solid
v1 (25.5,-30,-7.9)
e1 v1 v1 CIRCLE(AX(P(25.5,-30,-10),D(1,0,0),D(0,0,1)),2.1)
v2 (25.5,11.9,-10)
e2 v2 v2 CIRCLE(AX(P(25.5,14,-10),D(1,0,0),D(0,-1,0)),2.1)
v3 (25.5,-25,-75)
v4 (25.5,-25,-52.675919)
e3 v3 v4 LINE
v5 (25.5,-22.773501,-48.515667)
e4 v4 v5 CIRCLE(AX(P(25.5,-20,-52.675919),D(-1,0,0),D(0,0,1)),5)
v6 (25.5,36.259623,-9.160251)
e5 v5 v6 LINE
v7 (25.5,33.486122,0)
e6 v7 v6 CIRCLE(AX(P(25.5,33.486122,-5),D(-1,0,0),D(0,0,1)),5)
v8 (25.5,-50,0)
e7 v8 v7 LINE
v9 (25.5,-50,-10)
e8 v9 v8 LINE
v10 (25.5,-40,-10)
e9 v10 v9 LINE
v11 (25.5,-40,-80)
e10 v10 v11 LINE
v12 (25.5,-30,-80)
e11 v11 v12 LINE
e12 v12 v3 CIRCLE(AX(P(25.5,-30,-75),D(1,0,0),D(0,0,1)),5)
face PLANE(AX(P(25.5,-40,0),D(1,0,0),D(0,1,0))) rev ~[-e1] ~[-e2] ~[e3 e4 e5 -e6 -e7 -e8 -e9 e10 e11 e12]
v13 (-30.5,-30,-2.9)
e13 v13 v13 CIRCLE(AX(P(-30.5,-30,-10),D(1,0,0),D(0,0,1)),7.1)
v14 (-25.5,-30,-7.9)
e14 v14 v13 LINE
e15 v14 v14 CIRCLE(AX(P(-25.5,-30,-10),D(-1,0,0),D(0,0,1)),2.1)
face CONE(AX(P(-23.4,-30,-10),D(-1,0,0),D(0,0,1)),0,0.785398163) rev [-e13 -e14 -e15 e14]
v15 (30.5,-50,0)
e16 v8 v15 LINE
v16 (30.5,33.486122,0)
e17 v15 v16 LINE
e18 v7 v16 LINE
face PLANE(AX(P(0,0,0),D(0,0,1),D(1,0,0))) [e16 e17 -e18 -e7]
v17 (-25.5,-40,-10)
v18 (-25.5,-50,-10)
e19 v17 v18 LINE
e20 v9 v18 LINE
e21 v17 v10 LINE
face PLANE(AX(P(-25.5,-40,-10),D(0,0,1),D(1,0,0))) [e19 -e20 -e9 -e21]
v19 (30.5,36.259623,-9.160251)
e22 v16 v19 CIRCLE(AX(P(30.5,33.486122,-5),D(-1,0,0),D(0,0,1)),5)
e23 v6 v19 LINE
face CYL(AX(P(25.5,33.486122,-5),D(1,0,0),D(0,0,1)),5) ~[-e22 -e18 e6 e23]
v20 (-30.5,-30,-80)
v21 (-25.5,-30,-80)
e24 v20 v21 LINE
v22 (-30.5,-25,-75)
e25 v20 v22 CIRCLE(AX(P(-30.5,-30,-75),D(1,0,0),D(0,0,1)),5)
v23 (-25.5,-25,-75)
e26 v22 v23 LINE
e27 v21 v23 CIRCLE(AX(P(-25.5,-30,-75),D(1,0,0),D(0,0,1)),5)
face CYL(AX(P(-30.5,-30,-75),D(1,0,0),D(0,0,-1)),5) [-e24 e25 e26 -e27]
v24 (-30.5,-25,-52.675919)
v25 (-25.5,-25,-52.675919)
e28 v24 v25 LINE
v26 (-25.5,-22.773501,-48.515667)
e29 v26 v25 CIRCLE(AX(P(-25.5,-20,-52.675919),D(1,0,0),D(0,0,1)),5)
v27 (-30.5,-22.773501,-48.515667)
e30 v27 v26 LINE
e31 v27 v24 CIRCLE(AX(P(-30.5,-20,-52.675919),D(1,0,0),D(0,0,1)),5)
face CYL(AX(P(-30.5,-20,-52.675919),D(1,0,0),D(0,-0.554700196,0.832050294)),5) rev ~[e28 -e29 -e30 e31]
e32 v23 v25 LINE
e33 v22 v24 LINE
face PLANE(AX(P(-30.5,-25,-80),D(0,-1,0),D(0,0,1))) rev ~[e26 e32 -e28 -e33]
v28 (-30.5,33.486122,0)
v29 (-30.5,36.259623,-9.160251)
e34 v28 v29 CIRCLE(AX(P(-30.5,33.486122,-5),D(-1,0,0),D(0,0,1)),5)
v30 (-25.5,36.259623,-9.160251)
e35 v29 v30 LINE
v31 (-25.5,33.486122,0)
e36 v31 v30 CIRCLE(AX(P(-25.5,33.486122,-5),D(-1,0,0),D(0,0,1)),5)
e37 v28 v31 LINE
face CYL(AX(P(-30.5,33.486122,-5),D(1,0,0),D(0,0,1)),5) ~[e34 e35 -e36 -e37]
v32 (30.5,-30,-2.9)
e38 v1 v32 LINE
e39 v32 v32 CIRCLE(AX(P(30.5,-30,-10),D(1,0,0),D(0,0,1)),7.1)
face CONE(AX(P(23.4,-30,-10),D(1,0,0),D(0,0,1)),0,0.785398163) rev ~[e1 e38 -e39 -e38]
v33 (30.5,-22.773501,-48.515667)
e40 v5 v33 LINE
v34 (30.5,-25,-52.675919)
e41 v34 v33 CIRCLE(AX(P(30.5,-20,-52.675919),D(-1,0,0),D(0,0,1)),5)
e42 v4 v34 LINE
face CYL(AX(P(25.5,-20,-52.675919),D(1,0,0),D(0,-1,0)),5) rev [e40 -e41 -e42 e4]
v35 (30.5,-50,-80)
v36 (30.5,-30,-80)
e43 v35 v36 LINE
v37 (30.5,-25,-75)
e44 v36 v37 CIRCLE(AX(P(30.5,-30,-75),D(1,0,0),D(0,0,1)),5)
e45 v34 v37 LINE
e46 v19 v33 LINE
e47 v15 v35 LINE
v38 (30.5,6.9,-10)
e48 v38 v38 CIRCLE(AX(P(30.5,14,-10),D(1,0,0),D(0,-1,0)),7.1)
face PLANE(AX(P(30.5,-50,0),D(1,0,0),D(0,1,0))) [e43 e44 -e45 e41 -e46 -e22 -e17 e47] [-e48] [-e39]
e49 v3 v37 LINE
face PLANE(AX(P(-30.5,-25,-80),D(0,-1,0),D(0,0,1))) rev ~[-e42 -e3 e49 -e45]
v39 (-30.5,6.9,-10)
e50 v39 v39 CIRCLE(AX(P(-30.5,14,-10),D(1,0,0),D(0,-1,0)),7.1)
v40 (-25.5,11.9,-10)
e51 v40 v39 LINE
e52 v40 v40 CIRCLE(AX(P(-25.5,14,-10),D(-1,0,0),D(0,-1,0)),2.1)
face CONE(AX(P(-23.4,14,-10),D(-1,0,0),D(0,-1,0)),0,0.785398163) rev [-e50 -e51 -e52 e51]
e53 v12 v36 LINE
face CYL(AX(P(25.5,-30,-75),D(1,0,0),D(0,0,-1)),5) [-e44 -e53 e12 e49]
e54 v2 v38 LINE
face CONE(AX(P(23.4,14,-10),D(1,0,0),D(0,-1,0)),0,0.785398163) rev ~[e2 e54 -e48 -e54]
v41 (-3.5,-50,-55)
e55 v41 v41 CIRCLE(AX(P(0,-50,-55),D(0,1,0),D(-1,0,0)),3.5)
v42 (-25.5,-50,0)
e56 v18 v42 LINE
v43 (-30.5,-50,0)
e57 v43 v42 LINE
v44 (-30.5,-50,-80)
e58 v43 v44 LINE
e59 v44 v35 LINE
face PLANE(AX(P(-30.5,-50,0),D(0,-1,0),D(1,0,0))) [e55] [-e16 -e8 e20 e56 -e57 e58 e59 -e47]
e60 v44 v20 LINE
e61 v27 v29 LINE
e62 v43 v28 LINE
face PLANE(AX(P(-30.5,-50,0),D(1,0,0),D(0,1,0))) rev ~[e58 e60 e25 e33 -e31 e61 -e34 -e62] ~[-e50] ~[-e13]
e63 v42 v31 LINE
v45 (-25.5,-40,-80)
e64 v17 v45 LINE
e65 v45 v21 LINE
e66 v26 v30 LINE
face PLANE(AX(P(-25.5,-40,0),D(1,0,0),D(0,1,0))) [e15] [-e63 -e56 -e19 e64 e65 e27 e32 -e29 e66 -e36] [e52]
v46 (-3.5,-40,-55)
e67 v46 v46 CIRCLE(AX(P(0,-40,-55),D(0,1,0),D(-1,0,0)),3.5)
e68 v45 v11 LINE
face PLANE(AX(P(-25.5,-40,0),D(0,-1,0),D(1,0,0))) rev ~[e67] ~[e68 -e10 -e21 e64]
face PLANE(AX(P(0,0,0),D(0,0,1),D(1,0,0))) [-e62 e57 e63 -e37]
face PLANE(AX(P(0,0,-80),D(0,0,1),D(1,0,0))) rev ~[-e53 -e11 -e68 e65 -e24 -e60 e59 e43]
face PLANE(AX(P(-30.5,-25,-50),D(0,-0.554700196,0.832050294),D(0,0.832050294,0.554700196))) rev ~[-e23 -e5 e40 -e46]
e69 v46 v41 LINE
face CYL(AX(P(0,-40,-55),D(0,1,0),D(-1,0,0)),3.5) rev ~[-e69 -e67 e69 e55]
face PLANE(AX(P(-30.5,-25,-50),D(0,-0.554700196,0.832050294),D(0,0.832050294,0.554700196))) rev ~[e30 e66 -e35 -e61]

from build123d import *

# Parameters (mm, degrees)
SKETCH1_W           = 61
SKETCH1_H           = 100
BOSS_EXTRUDE1_DEPTH = 80
SKETCH2_OUTSIDE_W   = 110.37
SKETCH2_OUTSIDE_H   = 130.37
CUT_EXTRUDE1_DEPTH  = 113.343224095
SKETCH3_W           = 51
SKETCH3_H           = 90
CUT_EXTRUDE2_DEPTH  = 100.147617218
SKETCH4_W           = 51
SKETCH4_H           = 10
CUT_EXTRUDE3_DEPTH  = 125.21855739
FILLET3_R           = 5
FILLET4_R           = 5
SKETCH5_R           = 3.5
CUT_EXTRUDE4_DEPTH  = 117.147842498


with BuildPart() as part:
    # Sketch1 → Boss-Extrude1 (new body)
    with BuildSketch(Plane.XY):
        Rectangle(SKETCH1_W, SKETCH1_H)
    extrude(amount=-BOSS_EXTRUDE1_DEPTH)

    # Sketch2 outside → Cut-Extrude1 (cut, through all)
    with BuildSketch(Plane.ZY.offset(30.5)):
        with Locations((-40, 0)):
            Rectangle(SKETCH2_OUTSIDE_W, SKETCH2_OUTSIDE_H)
        Polygon((-80, -25), (-50, -25), (0, 50), (0, -50), (-80, -50), align=None, mode=Mode.SUBTRACT)
    extrude(amount=-CUT_EXTRUDE1_DEPTH, mode=Mode.SUBTRACT)

    # Sketch3 → Cut-Extrude2 (cut, through all)
    with BuildSketch(Plane.XY):
        with Locations((0, 5)):
            Rectangle(SKETCH3_W, SKETCH3_H)
    extrude(amount=-CUT_EXTRUDE2_DEPTH, mode=Mode.SUBTRACT)

    # Sketch4 → Cut-Extrude3 (cut, through all)
    with BuildSketch(Plane(origin=(0, -40, 0), x_dir=(1, 0, 0), z_dir=(0, 1, 0))):
        with Locations((0, 5)):
            Rectangle(SKETCH4_W, SKETCH4_H)
    extrude(amount=-CUT_EXTRUDE3_DEPTH, mode=Mode.SUBTRACT)

    # Sketch9<8> → Cut-Revolve4 (revolve, cut)
    with BuildSketch(Plane.XY.offset(-10)):
        Polygon((-23.4, 14), (-30.5, 6.9), (-30.5, 14), align=None)
    cut_revolve4 = revolve(axis=Axis((-30.5, 14, -10), (1, 0, 0)), mode=Mode.SUBTRACT)

    # Sketch9<9> → Cut-Revolve5 (revolve, cut)
    with BuildSketch(Plane.XY.offset(-10)):
        Polygon((-23.4, -30), (-30.5, -37.1), (-30.5, -30), align=None)
    cut_revolve5 = revolve(axis=Axis((-30.5, -30, -10), (1, 0, 0)), mode=Mode.SUBTRACT)

    # Mirror1: Cut-Revolve4, Cut-Revolve5 across plane
    add(cut_revolve4.mirror(Plane(origin=(0, 0, 0), x_dir=(0, 0, 1), z_dir=(1, 0, 0))), mode=Mode.SUBTRACT)
    add(cut_revolve5.mirror(Plane(origin=(0, 0, 0), x_dir=(0, 0, 1), z_dir=(1, 0, 0))), mode=Mode.SUBTRACT)

    # Fillet3
    fillet3_edges = [part.edges().sort_by_distance(p)[0] for p in [
        (28, 50, 0),
        (-28, 50, 0),
    ]]
    fillet(fillet3_edges, radius=FILLET3_R)

    # Fillet4
    fillet4_edges = [part.edges().sort_by_distance(p)[0] for p in [
        (28, -25, -80),
        (-28, -25, -80),
        (-28, -25, -50),
        (28, -25, -50),
    ]]
    fillet(fillet4_edges, radius=FILLET4_R)

    # Sketch5 → Cut-Extrude4 (cut, through all)
    with BuildSketch(Plane(origin=(0, -40, 0), x_dir=(1, 0, 0), z_dir=(0, 1, 0))):
        with Locations((0, 55)):
            Circle(SKETCH5_R)
    extrude(amount=-CUT_EXTRUDE4_DEPTH, mode=Mode.SUBTRACT)


solid = part.part
